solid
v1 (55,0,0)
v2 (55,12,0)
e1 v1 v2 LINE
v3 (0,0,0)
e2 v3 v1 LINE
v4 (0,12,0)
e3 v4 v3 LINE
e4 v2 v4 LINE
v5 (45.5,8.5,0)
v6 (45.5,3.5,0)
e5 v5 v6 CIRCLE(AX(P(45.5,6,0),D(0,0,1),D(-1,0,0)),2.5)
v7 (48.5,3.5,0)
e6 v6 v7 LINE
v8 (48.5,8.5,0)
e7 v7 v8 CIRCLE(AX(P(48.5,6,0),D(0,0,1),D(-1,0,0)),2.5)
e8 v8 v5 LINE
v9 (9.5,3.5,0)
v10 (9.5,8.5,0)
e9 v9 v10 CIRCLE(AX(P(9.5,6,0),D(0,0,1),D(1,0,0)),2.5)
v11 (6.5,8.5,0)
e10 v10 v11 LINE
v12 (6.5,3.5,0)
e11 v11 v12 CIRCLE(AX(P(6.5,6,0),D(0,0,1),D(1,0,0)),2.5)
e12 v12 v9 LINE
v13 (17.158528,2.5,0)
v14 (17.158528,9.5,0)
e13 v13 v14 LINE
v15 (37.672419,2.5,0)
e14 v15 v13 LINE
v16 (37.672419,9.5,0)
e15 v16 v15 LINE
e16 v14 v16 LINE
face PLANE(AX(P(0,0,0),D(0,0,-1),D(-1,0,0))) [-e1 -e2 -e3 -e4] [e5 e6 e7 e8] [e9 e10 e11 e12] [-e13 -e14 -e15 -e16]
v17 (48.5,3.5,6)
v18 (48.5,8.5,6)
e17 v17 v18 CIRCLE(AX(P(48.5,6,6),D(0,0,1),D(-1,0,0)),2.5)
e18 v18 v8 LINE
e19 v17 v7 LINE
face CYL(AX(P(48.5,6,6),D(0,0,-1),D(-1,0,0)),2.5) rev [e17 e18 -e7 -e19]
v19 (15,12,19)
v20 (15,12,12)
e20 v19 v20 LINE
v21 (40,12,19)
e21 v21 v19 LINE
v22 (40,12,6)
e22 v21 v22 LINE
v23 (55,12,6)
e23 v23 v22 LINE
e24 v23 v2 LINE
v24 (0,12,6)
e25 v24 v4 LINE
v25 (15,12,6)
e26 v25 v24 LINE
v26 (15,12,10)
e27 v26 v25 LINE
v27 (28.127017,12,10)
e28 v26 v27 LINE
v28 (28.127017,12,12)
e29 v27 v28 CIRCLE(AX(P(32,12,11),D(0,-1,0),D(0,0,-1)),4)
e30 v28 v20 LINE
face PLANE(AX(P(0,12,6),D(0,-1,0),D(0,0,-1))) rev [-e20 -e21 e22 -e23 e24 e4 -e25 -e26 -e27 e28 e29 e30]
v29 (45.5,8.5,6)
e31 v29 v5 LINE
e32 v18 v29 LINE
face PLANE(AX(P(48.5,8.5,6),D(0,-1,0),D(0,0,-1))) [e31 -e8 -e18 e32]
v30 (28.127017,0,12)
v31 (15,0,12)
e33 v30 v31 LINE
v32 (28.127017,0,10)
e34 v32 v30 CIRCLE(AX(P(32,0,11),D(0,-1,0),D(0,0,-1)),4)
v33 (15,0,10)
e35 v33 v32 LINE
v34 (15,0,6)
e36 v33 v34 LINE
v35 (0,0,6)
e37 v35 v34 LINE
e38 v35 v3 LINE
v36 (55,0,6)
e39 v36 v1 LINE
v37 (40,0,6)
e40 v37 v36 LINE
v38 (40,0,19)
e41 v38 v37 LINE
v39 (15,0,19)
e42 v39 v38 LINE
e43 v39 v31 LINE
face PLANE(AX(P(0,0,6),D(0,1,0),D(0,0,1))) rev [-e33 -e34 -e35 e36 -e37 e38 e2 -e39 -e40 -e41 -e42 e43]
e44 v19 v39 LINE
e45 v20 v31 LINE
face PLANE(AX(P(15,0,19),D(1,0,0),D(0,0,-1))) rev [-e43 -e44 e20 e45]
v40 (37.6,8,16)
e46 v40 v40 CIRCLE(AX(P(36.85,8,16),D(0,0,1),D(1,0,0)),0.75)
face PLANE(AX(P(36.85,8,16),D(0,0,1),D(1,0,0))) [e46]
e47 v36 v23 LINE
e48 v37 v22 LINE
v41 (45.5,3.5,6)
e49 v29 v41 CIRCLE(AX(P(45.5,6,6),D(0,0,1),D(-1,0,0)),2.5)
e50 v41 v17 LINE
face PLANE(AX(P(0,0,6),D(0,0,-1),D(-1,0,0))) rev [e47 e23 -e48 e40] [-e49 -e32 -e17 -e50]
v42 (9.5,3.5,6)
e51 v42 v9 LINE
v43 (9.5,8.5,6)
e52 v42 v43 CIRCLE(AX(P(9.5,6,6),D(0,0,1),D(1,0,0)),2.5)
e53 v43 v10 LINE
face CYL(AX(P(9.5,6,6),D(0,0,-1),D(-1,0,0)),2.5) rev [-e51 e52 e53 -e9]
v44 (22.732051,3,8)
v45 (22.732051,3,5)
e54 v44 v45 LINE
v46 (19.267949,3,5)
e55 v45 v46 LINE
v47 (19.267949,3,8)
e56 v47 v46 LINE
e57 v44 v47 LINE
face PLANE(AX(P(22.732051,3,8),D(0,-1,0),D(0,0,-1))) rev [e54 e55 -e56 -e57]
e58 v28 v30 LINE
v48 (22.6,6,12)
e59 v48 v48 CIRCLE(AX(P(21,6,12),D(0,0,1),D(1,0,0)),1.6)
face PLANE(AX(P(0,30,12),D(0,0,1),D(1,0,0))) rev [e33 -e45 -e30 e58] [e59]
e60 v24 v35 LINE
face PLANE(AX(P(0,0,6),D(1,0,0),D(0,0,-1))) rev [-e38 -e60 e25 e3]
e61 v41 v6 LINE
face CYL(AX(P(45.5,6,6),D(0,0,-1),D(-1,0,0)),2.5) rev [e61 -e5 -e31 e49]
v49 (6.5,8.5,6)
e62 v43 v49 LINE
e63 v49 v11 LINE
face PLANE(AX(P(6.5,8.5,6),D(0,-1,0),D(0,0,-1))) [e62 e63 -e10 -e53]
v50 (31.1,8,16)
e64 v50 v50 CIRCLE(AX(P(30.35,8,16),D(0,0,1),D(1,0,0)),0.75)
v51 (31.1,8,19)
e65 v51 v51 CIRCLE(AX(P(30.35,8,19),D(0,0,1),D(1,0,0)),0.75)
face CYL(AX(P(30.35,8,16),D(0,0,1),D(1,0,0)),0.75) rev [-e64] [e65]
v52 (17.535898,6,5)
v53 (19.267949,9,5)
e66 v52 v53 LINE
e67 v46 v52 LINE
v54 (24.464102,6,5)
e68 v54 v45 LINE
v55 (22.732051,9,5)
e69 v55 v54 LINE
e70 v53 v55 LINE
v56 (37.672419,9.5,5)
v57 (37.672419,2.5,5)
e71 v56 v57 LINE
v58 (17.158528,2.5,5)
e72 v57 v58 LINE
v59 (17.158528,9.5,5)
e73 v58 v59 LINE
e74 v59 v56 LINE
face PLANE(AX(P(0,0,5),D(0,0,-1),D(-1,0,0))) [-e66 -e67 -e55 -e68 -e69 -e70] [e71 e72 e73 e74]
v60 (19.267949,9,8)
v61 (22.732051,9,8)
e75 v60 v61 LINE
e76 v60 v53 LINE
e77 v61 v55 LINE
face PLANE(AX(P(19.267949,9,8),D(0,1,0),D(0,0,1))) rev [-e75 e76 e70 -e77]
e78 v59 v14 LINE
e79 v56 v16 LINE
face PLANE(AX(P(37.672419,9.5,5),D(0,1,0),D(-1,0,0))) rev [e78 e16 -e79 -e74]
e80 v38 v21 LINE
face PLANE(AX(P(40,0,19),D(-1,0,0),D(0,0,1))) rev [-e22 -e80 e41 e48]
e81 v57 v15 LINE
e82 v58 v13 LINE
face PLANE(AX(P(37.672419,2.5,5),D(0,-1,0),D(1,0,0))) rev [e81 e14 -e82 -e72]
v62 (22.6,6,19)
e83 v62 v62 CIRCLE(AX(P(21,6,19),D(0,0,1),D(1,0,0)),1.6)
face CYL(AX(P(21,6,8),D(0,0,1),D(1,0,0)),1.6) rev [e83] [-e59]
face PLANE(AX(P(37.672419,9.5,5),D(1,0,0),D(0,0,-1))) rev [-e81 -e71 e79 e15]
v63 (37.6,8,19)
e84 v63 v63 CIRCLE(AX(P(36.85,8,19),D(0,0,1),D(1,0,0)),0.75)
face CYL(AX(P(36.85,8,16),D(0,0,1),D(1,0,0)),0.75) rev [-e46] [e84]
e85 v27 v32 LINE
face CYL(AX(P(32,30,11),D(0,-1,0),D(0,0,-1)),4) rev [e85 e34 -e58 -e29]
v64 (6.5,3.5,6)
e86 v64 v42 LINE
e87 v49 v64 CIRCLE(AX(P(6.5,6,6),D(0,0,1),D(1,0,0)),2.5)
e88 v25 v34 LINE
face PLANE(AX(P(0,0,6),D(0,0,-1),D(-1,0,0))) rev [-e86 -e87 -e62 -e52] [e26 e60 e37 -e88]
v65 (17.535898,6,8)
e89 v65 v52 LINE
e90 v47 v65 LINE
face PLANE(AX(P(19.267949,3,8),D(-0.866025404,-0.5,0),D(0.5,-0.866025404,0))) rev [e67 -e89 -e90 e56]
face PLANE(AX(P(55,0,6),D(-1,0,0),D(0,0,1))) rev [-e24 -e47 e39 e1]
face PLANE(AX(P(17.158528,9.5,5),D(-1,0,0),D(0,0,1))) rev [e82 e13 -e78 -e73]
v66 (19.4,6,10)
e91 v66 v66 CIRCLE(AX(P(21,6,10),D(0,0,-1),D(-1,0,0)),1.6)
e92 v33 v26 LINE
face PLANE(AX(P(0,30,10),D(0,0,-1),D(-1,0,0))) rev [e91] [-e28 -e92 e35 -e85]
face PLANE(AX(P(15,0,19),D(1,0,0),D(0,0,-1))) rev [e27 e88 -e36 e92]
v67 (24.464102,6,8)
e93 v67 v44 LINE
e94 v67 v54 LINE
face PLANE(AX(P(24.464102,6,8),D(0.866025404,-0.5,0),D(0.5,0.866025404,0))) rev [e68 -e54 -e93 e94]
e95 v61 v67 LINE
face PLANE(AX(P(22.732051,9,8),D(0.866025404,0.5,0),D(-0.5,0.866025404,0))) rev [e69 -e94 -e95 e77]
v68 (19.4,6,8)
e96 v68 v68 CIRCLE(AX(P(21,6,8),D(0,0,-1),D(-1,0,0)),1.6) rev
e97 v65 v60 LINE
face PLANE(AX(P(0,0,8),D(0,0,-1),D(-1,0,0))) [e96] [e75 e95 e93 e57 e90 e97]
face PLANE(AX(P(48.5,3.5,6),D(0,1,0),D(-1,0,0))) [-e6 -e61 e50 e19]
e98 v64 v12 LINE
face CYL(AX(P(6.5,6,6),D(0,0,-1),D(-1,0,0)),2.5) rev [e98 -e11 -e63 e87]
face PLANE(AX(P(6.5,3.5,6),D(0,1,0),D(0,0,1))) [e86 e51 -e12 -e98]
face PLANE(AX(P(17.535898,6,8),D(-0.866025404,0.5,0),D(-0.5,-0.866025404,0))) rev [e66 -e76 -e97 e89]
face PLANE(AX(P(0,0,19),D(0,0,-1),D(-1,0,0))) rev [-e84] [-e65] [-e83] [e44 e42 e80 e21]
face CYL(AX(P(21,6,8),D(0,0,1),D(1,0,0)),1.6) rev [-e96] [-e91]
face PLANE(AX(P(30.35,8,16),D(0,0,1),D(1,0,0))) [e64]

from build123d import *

# Parameters (mm, degrees)
SKETCH2_W           = 55
SKETCH2_H           = 12
BOSS_EXTRUDE1_DEPTH = 6
SKETCH3_W           = 25
SKETCH3_H           = 12
BOSS_EXTRUDE2_DEPTH = 13
SKETCH4_R           = 4
CUT_EXTRUDE2_DEPTH  = 30
SKETCH5_W           = 20.513890507
SKETCH5_H           = 7
CUT_EXTRUDE3_DEPTH  = 5
SKETCH6_R           = 1.6
CUT_EXTRUDE4_DEPTH  = 11
CUT_EXTRUDE5_DEPTH  = 3
SKETCH8_R           = 0.75
CUT_EXTRUDE6_DEPTH  = 3


with BuildPart() as part:
    # Sketch2 → Boss-Extrude1 (new body)
    with BuildSketch(Plane.XY):
        with Locations((27.5, 6)):
            Rectangle(SKETCH2_W, SKETCH2_H)
        with BuildLine():
            Line((6.5, 8.5), (9.5, 8.5))
            ThreePointArc((9.5, 8.5), (12, 6), (9.5, 3.5))
            Line((9.5, 3.5), (6.5, 3.5))
            ThreePointArc((6.5, 3.5), (4, 6), (6.5, 8.5))
        make_face(mode=Mode.SUBTRACT)
        with BuildLine():
            Line((48.5, 8.5), (45.5, 8.5))
            ThreePointArc((45.5, 8.5), (43, 6), (45.5, 3.5))
            Line((45.5, 3.5), (48.5, 3.5))
            ThreePointArc((48.5, 3.5), (51, 6), (48.5, 8.5))
        make_face(mode=Mode.SUBTRACT)
    extrude(amount=BOSS_EXTRUDE1_DEPTH)

    # Sketch3 → Boss-Extrude2 (add)
    with BuildSketch(Plane.XY.offset(6)):
        with Locations((27.5, 6)):
            Rectangle(SKETCH3_W, SKETCH3_H)
    extrude(amount=BOSS_EXTRUDE2_DEPTH)

    # Sketch4 → Cut-Extrude2 (cut)
    with BuildSketch(Plane.XZ):
        with BuildLine():
            ThreePointArc((28.127016654, 10), (28, 11), (28.127016654, 12))
            Line((28.127016654, 12), (15, 12))
            Line((15, 12), (15, 10))
            Line((15, 10), (28.127016654, 10))
        make_face()
        with Locations((32, 11)):
            Circle(SKETCH4_R)
    extrude(amount=-CUT_EXTRUDE2_DEPTH, mode=Mode.SUBTRACT)

    # Sketch5 → Cut-Extrude3 (cut)
    with BuildSketch(Plane(origin=(0, 0, 0), x_dir=(-1, 0, 0), z_dir=(0, 0, -1))):
        with Locations((-27.415473723, 6)):
            Rectangle(SKETCH5_W, SKETCH5_H)
    extrude(amount=-CUT_EXTRUDE3_DEPTH, mode=Mode.SUBTRACT)

    # Sketch6 → Cut-Extrude4 (cut)
    with BuildSketch(Plane.XY.offset(19)):
        with Locations((21, 6)):
            Circle(SKETCH6_R)
    extrude(amount=-CUT_EXTRUDE4_DEPTH, mode=Mode.SUBTRACT)

    # Sketch7 → Cut-Extrude5 (cut)
    with BuildSketch(Plane(origin=(0, 0, 5), x_dir=(-1, 0, 0), z_dir=(0, 0, -1))):
        Polygon((-17.535898385, 6), (-19.267949192, 9), (-22.732050808, 9), (-24.464101615, 6), (-22.732050808, 3), (-19.267949192, 3), align=None)
    extrude(amount=-CUT_EXTRUDE5_DEPTH, mode=Mode.SUBTRACT)

    # Sketch8 → Cut-Extrude6 (cut)
    with BuildSketch(Plane.XY.offset(19)):
        with Locations((36.85, 8)):
            Circle(SKETCH8_R)
        with Locations((30.35, 8)):
            Circle(SKETCH8_R)
    extrude(amount=-CUT_EXTRUDE6_DEPTH, mode=Mode.SUBTRACT)


solid = part.part
